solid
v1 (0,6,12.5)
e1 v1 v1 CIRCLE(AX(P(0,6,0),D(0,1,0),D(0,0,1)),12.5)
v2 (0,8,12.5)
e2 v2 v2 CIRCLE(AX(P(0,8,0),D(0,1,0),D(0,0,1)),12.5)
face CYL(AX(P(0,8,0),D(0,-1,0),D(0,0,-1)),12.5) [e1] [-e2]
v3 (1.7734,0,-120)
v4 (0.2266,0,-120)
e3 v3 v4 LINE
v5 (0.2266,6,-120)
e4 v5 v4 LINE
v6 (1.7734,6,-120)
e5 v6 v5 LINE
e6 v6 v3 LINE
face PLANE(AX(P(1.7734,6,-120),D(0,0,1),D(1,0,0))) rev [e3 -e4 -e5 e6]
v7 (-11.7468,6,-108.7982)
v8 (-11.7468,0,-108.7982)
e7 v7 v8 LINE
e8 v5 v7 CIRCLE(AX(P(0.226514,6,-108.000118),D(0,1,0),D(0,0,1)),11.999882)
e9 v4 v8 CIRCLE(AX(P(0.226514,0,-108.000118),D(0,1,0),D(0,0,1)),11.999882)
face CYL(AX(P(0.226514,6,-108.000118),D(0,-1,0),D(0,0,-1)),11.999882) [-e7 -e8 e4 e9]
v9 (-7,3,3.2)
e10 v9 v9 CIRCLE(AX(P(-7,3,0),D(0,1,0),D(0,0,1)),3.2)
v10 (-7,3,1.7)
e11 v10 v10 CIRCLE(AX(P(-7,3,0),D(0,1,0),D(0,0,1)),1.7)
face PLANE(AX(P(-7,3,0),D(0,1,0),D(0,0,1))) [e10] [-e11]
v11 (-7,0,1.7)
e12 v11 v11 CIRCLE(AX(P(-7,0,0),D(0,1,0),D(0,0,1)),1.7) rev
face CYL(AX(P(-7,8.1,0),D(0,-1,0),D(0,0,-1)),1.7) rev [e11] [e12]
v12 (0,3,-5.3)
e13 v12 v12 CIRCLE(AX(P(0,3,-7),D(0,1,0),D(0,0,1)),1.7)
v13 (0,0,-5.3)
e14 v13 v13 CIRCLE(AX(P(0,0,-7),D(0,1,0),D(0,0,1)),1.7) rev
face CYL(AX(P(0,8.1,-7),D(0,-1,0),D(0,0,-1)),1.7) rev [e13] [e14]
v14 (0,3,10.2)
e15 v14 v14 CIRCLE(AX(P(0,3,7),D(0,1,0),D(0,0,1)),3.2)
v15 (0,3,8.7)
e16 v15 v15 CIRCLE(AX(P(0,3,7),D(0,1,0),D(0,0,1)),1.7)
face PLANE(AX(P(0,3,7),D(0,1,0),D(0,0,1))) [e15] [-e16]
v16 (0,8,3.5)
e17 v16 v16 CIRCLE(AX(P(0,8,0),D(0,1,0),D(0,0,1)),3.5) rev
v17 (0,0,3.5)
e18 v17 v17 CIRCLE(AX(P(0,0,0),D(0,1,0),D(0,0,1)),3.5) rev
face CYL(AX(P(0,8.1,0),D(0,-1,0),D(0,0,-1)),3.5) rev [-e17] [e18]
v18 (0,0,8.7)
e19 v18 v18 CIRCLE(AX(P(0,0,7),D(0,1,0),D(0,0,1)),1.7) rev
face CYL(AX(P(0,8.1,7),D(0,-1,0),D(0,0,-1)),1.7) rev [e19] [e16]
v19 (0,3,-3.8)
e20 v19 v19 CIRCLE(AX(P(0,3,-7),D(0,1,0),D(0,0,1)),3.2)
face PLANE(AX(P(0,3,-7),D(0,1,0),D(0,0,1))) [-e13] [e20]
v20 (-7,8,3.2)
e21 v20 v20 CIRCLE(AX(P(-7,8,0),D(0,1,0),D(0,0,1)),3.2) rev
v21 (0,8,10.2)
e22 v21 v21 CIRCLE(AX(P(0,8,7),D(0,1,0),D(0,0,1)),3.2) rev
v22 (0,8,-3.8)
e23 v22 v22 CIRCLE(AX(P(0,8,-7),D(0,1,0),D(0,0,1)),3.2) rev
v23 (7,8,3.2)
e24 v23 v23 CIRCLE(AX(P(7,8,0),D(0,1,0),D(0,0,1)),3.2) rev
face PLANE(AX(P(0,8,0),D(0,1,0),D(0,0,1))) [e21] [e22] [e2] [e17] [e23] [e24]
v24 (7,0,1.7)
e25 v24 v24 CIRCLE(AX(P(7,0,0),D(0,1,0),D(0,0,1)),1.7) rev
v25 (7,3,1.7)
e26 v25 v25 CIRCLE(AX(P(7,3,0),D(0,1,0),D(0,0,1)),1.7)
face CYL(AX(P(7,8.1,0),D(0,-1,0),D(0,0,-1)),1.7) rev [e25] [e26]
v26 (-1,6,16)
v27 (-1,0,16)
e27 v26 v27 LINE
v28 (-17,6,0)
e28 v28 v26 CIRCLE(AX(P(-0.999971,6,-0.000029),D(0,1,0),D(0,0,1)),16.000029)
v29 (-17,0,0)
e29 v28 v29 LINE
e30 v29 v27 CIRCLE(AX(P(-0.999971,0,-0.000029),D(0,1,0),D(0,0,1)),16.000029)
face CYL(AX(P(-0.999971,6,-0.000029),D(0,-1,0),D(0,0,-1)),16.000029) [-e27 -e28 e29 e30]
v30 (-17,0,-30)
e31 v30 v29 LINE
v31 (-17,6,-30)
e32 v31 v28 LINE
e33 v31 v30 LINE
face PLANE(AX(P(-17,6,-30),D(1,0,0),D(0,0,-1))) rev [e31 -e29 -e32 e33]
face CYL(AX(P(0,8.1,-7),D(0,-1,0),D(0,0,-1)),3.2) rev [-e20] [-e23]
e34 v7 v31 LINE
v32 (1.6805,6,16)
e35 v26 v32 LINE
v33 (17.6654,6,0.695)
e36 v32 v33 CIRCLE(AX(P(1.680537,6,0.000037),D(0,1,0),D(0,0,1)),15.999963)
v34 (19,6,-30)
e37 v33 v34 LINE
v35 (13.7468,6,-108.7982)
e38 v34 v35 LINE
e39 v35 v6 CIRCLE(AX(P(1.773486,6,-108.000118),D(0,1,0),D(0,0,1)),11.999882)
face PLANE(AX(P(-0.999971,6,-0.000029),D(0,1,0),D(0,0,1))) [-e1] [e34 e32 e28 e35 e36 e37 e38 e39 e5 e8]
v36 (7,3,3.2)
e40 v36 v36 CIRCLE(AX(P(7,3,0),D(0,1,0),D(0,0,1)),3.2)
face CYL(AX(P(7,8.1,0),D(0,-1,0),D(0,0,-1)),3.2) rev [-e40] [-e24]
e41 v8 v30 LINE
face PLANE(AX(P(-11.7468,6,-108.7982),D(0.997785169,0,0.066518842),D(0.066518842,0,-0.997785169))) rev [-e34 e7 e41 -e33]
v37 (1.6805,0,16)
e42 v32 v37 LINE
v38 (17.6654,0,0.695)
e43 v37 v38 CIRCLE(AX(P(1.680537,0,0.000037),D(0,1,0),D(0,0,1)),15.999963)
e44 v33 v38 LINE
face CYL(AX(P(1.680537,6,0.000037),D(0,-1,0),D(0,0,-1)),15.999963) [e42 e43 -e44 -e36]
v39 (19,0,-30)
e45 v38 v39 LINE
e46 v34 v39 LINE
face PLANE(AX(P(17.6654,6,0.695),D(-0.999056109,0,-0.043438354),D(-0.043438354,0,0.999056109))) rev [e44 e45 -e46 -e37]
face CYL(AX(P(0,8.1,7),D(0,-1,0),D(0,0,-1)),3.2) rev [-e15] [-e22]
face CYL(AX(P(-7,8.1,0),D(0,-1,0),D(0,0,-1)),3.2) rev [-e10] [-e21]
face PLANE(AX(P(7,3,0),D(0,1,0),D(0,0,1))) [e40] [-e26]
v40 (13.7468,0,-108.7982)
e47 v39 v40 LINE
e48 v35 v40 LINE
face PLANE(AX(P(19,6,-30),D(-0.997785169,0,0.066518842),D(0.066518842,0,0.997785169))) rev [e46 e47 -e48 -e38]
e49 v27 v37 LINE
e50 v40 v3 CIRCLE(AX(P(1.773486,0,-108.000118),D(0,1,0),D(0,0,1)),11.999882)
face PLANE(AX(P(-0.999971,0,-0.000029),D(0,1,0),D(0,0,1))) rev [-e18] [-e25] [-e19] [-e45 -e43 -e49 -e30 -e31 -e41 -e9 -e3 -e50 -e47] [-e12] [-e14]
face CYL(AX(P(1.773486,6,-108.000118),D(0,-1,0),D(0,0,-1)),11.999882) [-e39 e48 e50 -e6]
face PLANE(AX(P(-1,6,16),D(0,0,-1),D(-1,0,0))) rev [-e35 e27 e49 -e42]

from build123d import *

# Parameters (mm, degrees)
BOSS_1_DEPTH  = 6
S_CYL2_R      = 12.5
BOSS_2_DEPTH  = 2
S_HOLE3_R     = 3.5
HOLE_3_DEPTH  = 8.2
S_HOLE4_R     = 1.7
HOLE_4_DEPTH  = 8.2
S_HOLE5_R     = 1.7
HOLE_5_DEPTH  = 8.2
S_HOLE6_R     = 1.7
HOLE_6_DEPTH  = 8.2
S_HOLE7_R     = 1.7
HOLE_7_DEPTH  = 8.2
S_HOLE8_R     = 3.2
HOLE_8_DEPTH  = 5.1
S_HOLE9_R     = 3.2
HOLE_9_DEPTH  = 5.1
S_HOLE10_R    = 3.2
HOLE_10_DEPTH = 5.1
S_HOLE11_R    = 3.2
HOLE_11_DEPTH = 5.1


with BuildPart() as part:
    # S_prism1 → Boss_1 (new body)
    with BuildSketch(Plane(origin=(0, 0, 0), x_dir=(1, 0, 0), z_dir=(0, 1, 0))):
        with BuildLine():
            Line((-1, -16), (1.6805, -16))
            ThreePointArc((1.6805, -16), (12.745771818, -11.556826983), (17.6654, -0.695))
            Line((17.6654, -0.695), (19, 30))
            Line((19, 30), (13.7468, 108.7982))
            ThreePointArc((13.7468, 108.7982), (9.971633889, 116.762968295), (1.7734, 120))
            Line((1.7734, 120), (0.2266, 120))
            ThreePointArc((0.2266, 120), (-7.971633889, 116.762968295), (-11.7468, 108.7982))
            Line((-11.7468, 108.7982), (-17, 30))
            Line((-17, 30), (-17, 0))
            ThreePointArc((-17, 0), (-12.3137, -11.3137), (-1, -16))
        make_face()
    extrude(amount=BOSS_1_DEPTH)

    # S_cyl2 → Boss_2 (add)
    with BuildSketch(Plane(origin=(0, 6, 0), x_dir=(1, 0, 0), z_dir=(0, 1, 0))):
        with Locations(Location((0, 0, 0), (0, 0, 270))):
            Circle(S_CYL2_R)
    extrude(amount=BOSS_2_DEPTH)

    # S_hole3 → Hole_3 (cut)
    with BuildSketch(Plane(origin=(0, -0.1, 0), x_dir=(1, 0, 0), z_dir=(0, 1, 0))):
        with Locations(Location((0, 0, 0), (0, 0, 270))):
            Circle(S_HOLE3_R)
    extrude(amount=HOLE_3_DEPTH, mode=Mode.SUBTRACT)

    # S_hole4 → Hole_4 (cut)
    with BuildSketch(Plane(origin=(0, -0.1, 0), x_dir=(1, 0, 0), z_dir=(0, 1, 0))):
        with Locations(Location((7, 0, 0), (0, 0, 270))):
            Circle(S_HOLE4_R)
    extrude(amount=HOLE_4_DEPTH, mode=Mode.SUBTRACT)

    # S_hole5 → Hole_5 (cut)
    with BuildSketch(Plane(origin=(0, -0.1, 0), x_dir=(1, 0, 0), z_dir=(0, 1, 0))):
        with Locations(Location((0, -7, 0), (0, 0, 270))):
            Circle(S_HOLE5_R)
    extrude(amount=HOLE_5_DEPTH, mode=Mode.SUBTRACT)

    # S_hole6 → Hole_6 (cut)
    with BuildSketch(Plane(origin=(0, -0.1, 0), x_dir=(1, 0, 0), z_dir=(0, 1, 0))):
        with Locations(Location((-7, 0, 0), (0, 0, 270))):
            Circle(S_HOLE6_R)
    extrude(amount=HOLE_6_DEPTH, mode=Mode.SUBTRACT)

    # S_hole7 → Hole_7 (cut)
    with BuildSketch(Plane(origin=(0, -0.1, 0), x_dir=(1, 0, 0), z_dir=(0, 1, 0))):
        with Locations(Location((0, 7, 0), (0, 0, 270))):
            Circle(S_HOLE7_R)
    extrude(amount=HOLE_7_DEPTH, mode=Mode.SUBTRACT)

    # S_hole8 → Hole_8 (cut)
    with BuildSketch(Plane(origin=(0, 3, 0), x_dir=(1, 0, 0), z_dir=(0, 1, 0))):
        with Locations(Location((7, 0, 0), (0, 0, 270))):
            Circle(S_HOLE8_R)
    extrude(amount=HOLE_8_DEPTH, mode=Mode.SUBTRACT)

    # S_hole9 → Hole_9 (cut)
    with BuildSketch(Plane(origin=(0, 3, 0), x_dir=(1, 0, 0), z_dir=(0, 1, 0))):
        with Locations(Location((0, -7, 0), (0, 0, 270))):
            Circle(S_HOLE9_R)
    extrude(amount=HOLE_9_DEPTH, mode=Mode.SUBTRACT)

    # S_hole10 → Hole_10 (cut)
    with BuildSketch(Plane(origin=(0, 3, 0), x_dir=(1, 0, 0), z_dir=(0, 1, 0))):
        with Locations(Location((-7, 0, 0), (0, 0, 270))):
            Circle(S_HOLE10_R)
    extrude(amount=HOLE_10_DEPTH, mode=Mode.SUBTRACT)

    # S_hole11 → Hole_11 (cut)
    with BuildSketch(Plane(origin=(0, 3, 0), x_dir=(1, 0, 0), z_dir=(0, 1, 0))):
        with Locations(Location((0, 7, 0), (0, 0, 270))):
            Circle(S_HOLE11_R)
    extrude(amount=HOLE_11_DEPTH, mode=Mode.SUBTRACT)


solid = part.part
